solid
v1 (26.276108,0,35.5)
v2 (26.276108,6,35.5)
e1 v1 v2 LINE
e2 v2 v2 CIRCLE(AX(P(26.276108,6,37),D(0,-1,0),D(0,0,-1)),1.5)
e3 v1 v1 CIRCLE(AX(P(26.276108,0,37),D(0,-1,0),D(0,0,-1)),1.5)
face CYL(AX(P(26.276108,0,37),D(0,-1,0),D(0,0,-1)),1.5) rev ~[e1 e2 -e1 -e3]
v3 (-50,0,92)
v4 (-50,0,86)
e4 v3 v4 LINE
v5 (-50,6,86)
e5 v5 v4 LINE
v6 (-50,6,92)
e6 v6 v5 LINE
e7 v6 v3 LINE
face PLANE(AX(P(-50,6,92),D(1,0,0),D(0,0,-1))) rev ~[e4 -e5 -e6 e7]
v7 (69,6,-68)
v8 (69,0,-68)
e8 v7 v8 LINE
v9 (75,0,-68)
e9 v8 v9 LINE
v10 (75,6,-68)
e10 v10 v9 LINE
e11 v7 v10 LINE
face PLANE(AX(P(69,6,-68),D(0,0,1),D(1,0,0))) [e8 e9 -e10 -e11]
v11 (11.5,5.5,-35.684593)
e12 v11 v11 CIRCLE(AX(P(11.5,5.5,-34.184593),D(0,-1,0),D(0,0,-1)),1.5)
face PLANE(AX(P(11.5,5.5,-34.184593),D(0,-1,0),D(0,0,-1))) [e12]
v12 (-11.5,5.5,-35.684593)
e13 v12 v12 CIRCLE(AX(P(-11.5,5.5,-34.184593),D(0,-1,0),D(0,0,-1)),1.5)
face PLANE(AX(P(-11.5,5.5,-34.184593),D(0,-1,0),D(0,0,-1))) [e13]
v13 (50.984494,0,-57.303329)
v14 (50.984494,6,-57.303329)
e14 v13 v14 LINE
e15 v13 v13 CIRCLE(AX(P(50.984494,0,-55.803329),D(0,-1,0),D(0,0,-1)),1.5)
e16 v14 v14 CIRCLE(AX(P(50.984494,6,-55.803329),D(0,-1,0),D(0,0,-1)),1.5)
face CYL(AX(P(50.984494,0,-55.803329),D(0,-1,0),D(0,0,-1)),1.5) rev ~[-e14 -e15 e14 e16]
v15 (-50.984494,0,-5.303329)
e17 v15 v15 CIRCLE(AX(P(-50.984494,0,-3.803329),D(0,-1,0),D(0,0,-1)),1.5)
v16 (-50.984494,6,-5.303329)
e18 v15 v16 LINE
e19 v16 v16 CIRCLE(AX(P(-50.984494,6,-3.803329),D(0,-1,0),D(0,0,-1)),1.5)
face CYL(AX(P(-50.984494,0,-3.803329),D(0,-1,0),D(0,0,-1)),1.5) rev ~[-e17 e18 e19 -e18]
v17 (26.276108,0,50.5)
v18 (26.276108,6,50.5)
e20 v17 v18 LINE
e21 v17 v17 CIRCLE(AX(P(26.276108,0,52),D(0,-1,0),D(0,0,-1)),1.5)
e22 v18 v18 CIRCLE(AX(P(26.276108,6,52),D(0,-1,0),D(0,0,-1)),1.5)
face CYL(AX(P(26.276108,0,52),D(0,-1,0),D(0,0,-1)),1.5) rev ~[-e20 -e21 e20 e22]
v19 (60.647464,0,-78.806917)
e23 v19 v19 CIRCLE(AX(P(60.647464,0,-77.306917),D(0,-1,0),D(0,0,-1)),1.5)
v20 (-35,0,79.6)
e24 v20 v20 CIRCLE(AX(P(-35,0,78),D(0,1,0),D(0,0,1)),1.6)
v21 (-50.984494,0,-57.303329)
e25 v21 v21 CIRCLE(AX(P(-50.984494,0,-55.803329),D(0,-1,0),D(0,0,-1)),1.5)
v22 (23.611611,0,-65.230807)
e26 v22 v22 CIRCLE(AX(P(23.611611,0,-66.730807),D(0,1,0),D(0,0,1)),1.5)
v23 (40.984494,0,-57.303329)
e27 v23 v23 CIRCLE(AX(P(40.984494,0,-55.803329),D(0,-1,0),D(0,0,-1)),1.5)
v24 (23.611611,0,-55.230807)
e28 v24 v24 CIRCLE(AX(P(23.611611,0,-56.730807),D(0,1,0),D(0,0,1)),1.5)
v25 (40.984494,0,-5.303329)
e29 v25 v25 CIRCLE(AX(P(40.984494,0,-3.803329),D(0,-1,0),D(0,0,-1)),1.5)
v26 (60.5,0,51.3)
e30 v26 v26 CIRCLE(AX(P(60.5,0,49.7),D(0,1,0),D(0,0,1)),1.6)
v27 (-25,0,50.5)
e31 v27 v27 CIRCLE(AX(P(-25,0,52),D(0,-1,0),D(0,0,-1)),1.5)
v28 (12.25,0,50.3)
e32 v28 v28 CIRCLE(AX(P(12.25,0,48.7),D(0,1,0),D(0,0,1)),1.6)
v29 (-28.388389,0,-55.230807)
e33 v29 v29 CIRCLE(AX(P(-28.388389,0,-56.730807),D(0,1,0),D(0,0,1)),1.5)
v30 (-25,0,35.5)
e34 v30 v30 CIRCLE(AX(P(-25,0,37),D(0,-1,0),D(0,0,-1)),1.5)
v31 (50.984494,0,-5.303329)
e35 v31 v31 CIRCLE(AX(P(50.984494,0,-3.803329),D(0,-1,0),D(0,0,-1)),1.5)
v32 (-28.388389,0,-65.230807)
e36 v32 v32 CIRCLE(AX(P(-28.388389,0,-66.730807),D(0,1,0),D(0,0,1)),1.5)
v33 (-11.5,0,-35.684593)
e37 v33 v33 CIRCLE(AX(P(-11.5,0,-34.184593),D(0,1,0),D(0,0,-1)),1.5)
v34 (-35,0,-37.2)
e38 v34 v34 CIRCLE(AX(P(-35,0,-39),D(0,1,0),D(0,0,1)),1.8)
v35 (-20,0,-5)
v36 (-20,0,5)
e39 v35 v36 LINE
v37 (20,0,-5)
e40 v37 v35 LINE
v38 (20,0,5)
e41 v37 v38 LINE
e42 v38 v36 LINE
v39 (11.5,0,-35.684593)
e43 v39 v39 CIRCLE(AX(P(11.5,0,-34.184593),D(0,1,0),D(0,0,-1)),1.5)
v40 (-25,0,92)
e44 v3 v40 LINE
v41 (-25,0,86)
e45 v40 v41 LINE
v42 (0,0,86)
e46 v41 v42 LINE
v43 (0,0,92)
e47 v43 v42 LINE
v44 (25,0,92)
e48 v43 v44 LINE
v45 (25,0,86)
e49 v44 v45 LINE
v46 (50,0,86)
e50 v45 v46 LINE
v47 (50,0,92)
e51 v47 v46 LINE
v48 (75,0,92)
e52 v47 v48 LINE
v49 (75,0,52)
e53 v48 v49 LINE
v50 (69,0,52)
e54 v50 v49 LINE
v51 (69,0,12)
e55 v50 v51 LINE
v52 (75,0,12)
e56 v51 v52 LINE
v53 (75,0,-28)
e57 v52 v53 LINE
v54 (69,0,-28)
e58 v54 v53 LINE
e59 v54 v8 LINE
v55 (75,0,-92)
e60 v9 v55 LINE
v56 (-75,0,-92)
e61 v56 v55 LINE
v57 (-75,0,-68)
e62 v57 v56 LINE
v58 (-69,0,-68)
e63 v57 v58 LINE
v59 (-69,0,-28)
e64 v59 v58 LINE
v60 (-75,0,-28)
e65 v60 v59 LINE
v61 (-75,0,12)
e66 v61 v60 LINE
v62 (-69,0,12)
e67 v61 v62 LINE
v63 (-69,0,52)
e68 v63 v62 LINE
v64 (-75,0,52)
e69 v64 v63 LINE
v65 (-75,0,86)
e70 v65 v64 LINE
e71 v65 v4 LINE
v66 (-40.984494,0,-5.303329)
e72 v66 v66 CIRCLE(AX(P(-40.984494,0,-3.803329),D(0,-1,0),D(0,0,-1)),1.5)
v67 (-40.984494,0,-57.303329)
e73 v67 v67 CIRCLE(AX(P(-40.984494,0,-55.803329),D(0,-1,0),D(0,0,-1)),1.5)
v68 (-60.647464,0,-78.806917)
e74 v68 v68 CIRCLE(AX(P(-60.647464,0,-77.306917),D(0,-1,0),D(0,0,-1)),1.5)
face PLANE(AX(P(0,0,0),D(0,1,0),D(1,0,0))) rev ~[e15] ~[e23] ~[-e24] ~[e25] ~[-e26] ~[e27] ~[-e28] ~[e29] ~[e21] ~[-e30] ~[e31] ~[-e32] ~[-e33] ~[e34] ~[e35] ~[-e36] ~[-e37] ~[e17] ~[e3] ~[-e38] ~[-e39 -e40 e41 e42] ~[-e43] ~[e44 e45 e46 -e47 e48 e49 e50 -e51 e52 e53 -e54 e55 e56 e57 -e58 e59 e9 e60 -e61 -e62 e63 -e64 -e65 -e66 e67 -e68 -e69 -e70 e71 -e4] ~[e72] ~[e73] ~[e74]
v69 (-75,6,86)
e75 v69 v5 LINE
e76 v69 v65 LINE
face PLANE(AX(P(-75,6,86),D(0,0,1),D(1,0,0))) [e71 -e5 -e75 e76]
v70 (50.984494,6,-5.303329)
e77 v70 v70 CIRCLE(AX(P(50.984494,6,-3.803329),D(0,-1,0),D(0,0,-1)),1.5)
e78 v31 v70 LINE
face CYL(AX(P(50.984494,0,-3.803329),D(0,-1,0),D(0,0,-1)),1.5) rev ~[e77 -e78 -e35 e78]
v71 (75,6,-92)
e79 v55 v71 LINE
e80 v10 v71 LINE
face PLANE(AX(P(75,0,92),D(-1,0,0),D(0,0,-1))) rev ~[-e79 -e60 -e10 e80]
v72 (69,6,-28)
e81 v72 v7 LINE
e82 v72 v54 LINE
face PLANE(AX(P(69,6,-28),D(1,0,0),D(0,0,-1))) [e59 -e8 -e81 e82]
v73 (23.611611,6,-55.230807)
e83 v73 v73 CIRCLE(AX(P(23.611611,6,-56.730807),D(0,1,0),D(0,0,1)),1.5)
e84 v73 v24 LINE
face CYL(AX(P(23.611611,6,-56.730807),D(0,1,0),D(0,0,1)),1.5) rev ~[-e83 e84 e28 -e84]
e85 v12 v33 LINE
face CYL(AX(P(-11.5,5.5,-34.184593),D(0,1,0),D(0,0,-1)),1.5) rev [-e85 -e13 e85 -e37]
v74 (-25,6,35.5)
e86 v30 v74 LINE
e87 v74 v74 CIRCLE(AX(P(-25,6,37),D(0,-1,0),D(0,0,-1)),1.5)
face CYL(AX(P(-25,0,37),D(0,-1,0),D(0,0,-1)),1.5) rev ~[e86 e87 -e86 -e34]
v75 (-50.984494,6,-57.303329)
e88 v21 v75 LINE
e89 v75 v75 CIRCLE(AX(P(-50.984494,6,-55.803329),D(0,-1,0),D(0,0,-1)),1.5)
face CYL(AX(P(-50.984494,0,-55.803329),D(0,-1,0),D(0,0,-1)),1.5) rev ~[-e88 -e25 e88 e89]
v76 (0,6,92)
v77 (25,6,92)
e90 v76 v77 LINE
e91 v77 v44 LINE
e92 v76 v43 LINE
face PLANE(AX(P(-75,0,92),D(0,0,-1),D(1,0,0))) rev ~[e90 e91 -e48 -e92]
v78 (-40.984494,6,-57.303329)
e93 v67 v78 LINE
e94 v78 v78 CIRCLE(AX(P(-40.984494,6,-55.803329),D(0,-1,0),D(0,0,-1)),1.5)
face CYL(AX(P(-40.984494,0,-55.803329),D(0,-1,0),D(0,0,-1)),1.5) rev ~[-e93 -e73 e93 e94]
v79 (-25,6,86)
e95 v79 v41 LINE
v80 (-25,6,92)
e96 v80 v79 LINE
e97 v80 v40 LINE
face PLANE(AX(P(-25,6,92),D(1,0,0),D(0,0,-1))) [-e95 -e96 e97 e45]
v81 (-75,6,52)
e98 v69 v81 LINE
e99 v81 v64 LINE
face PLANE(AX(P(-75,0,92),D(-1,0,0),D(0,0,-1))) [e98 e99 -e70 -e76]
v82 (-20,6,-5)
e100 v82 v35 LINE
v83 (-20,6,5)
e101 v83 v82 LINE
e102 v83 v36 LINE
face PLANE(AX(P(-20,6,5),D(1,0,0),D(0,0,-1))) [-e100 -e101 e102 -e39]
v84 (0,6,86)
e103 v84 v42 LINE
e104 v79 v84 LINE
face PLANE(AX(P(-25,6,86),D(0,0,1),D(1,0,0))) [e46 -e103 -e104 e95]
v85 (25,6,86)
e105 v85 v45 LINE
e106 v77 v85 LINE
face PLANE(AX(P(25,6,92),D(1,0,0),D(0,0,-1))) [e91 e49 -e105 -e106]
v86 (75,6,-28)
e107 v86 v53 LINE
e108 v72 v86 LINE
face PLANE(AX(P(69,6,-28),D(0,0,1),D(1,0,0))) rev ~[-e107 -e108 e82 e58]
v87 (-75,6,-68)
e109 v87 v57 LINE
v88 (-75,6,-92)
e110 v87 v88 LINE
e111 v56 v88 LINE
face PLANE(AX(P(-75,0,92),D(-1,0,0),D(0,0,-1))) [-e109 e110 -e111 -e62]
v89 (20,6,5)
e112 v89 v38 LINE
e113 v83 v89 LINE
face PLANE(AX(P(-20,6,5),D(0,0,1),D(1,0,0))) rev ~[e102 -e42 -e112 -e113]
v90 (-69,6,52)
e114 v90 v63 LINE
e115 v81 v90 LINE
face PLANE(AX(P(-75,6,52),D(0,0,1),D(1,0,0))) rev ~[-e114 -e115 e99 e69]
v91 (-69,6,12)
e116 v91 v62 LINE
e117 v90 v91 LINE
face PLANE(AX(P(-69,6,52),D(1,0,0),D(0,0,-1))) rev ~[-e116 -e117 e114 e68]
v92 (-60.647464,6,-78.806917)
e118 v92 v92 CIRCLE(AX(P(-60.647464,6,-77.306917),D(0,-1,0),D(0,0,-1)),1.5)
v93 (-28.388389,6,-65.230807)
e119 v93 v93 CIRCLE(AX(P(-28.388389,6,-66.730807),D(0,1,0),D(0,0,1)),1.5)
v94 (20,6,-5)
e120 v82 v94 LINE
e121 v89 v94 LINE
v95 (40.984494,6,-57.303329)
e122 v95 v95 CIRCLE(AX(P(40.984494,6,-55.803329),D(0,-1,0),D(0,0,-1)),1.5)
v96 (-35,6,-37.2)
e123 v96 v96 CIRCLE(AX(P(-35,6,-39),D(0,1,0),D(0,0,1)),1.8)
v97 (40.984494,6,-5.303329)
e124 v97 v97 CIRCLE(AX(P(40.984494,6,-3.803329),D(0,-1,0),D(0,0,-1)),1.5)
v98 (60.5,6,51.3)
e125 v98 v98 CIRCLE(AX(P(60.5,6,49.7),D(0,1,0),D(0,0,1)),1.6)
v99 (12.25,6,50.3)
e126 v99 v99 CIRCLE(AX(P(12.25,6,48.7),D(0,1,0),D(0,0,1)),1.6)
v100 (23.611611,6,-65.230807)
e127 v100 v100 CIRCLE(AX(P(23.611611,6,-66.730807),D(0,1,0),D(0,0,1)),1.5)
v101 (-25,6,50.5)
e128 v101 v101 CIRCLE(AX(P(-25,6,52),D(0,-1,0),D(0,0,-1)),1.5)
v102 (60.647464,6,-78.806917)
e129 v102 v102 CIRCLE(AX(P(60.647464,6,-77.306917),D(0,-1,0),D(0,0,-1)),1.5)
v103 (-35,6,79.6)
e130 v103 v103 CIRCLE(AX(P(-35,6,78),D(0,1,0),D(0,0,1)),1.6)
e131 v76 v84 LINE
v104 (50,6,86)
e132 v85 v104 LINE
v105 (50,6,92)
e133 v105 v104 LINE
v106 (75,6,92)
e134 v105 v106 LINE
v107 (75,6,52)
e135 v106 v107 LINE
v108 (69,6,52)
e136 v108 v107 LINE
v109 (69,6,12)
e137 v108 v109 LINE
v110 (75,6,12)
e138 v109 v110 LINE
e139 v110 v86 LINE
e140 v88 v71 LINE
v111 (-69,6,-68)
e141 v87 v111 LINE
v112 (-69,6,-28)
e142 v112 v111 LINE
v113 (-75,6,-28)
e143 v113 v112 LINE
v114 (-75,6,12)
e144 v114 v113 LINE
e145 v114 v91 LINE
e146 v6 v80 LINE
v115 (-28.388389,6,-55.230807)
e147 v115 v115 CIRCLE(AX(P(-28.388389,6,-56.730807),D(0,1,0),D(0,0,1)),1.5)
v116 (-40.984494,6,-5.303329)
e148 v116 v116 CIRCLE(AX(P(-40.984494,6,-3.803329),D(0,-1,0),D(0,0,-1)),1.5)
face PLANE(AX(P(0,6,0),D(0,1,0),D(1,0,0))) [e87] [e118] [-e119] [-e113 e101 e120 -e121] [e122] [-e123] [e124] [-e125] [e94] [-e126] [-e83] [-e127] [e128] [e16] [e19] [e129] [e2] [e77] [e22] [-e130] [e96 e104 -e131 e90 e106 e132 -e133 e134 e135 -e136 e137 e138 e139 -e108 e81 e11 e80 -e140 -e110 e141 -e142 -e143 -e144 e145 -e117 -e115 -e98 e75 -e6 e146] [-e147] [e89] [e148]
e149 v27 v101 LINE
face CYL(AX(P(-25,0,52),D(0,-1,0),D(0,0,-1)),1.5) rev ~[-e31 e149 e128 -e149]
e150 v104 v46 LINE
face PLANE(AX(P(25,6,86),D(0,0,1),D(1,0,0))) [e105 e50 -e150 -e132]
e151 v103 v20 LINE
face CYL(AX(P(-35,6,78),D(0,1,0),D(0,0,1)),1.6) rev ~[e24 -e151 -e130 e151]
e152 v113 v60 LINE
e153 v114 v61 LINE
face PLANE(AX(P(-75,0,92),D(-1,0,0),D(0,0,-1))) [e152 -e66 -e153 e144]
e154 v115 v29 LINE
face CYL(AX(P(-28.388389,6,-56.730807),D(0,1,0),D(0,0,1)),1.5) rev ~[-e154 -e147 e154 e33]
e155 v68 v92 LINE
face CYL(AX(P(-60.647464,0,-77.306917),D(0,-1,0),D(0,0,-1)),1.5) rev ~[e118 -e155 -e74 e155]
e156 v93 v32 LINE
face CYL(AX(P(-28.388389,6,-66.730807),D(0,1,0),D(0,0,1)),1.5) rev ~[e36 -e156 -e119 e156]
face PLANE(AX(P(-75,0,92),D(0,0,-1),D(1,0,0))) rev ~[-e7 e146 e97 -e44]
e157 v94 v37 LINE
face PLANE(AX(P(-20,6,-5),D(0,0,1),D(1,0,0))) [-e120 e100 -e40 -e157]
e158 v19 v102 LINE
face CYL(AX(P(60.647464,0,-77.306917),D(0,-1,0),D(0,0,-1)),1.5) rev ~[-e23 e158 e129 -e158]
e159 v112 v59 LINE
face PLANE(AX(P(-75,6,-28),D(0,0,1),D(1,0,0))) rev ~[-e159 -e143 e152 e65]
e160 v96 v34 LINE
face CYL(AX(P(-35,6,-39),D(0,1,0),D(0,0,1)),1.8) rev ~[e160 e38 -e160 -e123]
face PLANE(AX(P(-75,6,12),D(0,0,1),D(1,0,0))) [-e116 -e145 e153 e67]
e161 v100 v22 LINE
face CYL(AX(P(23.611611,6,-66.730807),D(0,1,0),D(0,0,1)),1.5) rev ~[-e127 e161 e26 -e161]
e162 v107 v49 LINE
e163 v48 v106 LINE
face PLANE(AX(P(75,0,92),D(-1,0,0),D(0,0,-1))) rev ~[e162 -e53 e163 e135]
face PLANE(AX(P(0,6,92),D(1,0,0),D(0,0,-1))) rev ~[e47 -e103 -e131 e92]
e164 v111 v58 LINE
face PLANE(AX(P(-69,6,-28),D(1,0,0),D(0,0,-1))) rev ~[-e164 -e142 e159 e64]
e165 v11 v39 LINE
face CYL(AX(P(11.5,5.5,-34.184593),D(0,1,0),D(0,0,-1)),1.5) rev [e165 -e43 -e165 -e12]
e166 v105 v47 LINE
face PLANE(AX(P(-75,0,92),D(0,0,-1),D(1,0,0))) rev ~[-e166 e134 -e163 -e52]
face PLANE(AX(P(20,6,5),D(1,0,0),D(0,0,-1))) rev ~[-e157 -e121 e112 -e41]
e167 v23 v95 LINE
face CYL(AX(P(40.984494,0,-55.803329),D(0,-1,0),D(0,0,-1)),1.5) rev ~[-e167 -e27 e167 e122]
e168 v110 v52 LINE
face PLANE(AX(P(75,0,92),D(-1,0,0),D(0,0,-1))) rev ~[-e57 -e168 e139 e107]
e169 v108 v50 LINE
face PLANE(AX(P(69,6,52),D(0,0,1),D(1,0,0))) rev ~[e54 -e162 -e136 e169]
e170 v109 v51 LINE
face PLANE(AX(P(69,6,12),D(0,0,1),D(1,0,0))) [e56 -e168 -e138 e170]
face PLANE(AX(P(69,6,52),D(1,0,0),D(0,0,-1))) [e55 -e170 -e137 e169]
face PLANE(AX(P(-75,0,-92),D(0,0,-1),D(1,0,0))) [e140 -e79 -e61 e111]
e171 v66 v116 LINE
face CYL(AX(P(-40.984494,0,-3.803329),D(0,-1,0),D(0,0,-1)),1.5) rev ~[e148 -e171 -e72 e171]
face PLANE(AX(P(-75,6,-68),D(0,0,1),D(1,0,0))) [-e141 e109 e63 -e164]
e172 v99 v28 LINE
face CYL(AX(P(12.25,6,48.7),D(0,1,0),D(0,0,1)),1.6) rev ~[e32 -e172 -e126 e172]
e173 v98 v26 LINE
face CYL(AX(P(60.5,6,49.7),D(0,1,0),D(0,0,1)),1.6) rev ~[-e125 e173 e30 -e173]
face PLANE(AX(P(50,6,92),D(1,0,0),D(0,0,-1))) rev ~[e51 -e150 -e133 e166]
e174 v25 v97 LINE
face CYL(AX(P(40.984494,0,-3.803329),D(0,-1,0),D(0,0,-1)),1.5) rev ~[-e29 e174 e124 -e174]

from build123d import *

# Parameters (mm, degrees)
SKETCH1_W                = 150
SKETCH1_H                = 184
BOSS_EXTRUDE1_DEPTH      = 6
SKETCH2_W                = 6
SKETCH2_H                = 40
CUT_EXTRUDE1_DEPTH       = 6
SKETCH11_W               = 25
SKETCH11_H               = 6
CUT_EXTRUDE10_DEPTH      = 6
CUT_EXTRUDE11_REACH      = 120.849
SKETCH12_R               = 1.6
CUT_EXTRUDE12_REACH      = 120.849
SKETCH13_R               = 1.8
CUT_EXTRUDE13_REACH      = 120.849
SKETCH14_R               = 1.6
CUT_EXTRUDE14_REACH      = 120.849
SKETCH15_W               = 40
SKETCH15_H               = 10
SKETCH16_R               = 1.5
CUT_EXTRUDE15_DEPTH      = 6
SKETCH17_R               = 1.5
CUT_EXTRUDE16_DEPTH      = 6
CUT_EXTRUDE17_DEPTH      = 119.966381806
CUT_EXTRUDE17_DEPTH_BACK = 7.5
SKETCH18_R               = 1.5


with BuildPart() as part:
    # Sketch1 → Boss-Extrude1 (new body)
    with BuildSketch(Plane(origin=(0, 0, 0), x_dir=(1, 0, 0), z_dir=(0, 1, 0))):
        Rectangle(SKETCH1_W, SKETCH1_H)
    extrude(amount=BOSS_EXTRUDE1_DEPTH)

    # Sketch2 → Cut-Extrude1 (cut)
    with BuildSketch(Plane(origin=(0, 6, 0), x_dir=(1, 0, 0), z_dir=(0, 1, 0))):
        with Locations((-72, 48)):
            Rectangle(SKETCH2_W, SKETCH2_H)
        with Locations((72, 48)):
            Rectangle(SKETCH2_W, SKETCH2_H)
        with Locations((72, -32)):
            Rectangle(SKETCH2_W, SKETCH2_H)
        with Locations((-72, -32)):
            Rectangle(SKETCH2_W, SKETCH2_H)
    extrude(amount=-CUT_EXTRUDE1_DEPTH, mode=Mode.SUBTRACT)

    # Sketch11 → Cut-Extrude10 (cut)
    with BuildSketch(Plane(origin=(0, 6, 0), x_dir=(1, 0, 0), z_dir=(0, 1, 0))):
        with Locations((-12.5, -89)):
            Rectangle(SKETCH11_W, SKETCH11_H)
        with Locations((-62.5, -89)):
            Rectangle(SKETCH11_W, SKETCH11_H)
        with Locations((37.5, -89)):
            Rectangle(SKETCH11_W, SKETCH11_H)
    extrude(amount=-CUT_EXTRUDE10_DEPTH, mode=Mode.SUBTRACT)

    # Sketch12 → Cut-Extrude11 (cut, up to next)
    with BuildSketch(Plane(origin=(0, 6, 0), x_dir=(1, 0, 0), z_dir=(0, 1, 0)), mode=Mode.PRIVATE) as cut_extrude11_sk1:
        with Locations(Location((-35, -78, 0), (0, 0, 270))):
            Circle(SKETCH12_R)
    cut_extrude11_tool1 = extrude(cut_extrude11_sk1.sketch, amount=-CUT_EXTRUDE11_REACH, mode=Mode.PRIVATE) & part.part
    add(cut_extrude11_tool1.solids().sort_by_distance((-35, 6, 78))[0], mode=Mode.SUBTRACT)

    # Sketch13 → Cut-Extrude12 (cut, up to next)
    with BuildSketch(Plane(origin=(0, 6, 0), x_dir=(1, 0, 0), z_dir=(0, 1, 0)), mode=Mode.PRIVATE) as cut_extrude12_sk1:
        with Locations(Location((-35, 39, 0), (0, 0, 270))):
            Circle(SKETCH13_R)
    cut_extrude12_tool1 = extrude(cut_extrude12_sk1.sketch, amount=-CUT_EXTRUDE12_REACH, mode=Mode.PRIVATE) & part.part
    add(cut_extrude12_tool1.solids().sort_by_distance((-35, 6, -39))[0], mode=Mode.SUBTRACT)

    # Sketch14 → Cut-Extrude13 (cut, up to next)
    with BuildSketch(Plane(origin=(0, 6, 0), x_dir=(1, 0, 0), z_dir=(0, 1, 0)), mode=Mode.PRIVATE) as cut_extrude13_sk1:
        with Locations(Location((12.25, -48.7, 0), (0, 0, 270))):
            Circle(SKETCH14_R)
    cut_extrude13_tool1 = extrude(cut_extrude13_sk1.sketch, amount=-CUT_EXTRUDE13_REACH, mode=Mode.PRIVATE) & part.part
    # Sketch14 → Cut-Extrude13 (cut, up to next)
    with BuildSketch(Plane(origin=(0, 6, 0), x_dir=(1, 0, 0), z_dir=(0, 1, 0)), mode=Mode.PRIVATE) as cut_extrude13_sk2:
        with Locations(Location((60.5, -49.7, 0), (0, 0, 270))):
            Circle(SKETCH14_R)
    cut_extrude13_tool2 = extrude(cut_extrude13_sk2.sketch, amount=-CUT_EXTRUDE13_REACH, mode=Mode.PRIVATE) & part.part
    add(cut_extrude13_tool1.solids().sort_by_distance((12.25, 6, 48.7))[0], mode=Mode.SUBTRACT)
    add(cut_extrude13_tool2.solids().sort_by_distance((60.5, 6, 49.7))[0], mode=Mode.SUBTRACT)

    # Sketch15 → Cut-Extrude14 (cut, up to next)
    with BuildSketch(Plane(origin=(0, 6, 0), x_dir=(1, 0, 0), z_dir=(0, 1, 0)), mode=Mode.PRIVATE) as cut_extrude14_sk1:
        Rectangle(SKETCH15_W, SKETCH15_H)
    cut_extrude14_tool1 = extrude(cut_extrude14_sk1.sketch, amount=-CUT_EXTRUDE14_REACH, mode=Mode.PRIVATE) & part.part
    add(cut_extrude14_tool1.solids().sort_by_distance((0, 6, 0))[0], mode=Mode.SUBTRACT)

    # Sketch16 → Cut-Extrude15 (cut)
    with BuildSketch(Plane.XZ):
        with Locations(Location((60.647463996, -77.306917024, 0), (0, 0, 270))):
            Circle(SKETCH16_R)
        with Locations(Location((50.984493528, -55.803329236, 0), (0, 0, 270))):
            Circle(SKETCH16_R)
        with Locations(Location((40.984493528, -55.803329236, 0), (0, 0, 270))):
            Circle(SKETCH16_R)
        with Locations(Location((50.984493528, -3.803329236, 0), (0, 0, 270))):
            Circle(SKETCH16_R)
        with Locations(Location((40.984493528, -3.803329236, 0), (0, 0, 270))):
            Circle(SKETCH16_R)
        with Locations(Location((26.276108361, 37, 0), (0, 0, 270))):
            Circle(SKETCH16_R)
        with Locations(Location((26.276108361, 52, 0), (0, 0, 270))):
            Circle(SKETCH16_R)
        with Locations(Location((-25, 52, 0), (0, 0, 270))):
            Circle(SKETCH16_R)
        with Locations(Location((-25, 37, 0), (0, 0, 270))):
            Circle(SKETCH16_R)
        with Locations(Location((-40.984493528, -3.803329236, 0), (0, 0, 270))):
            Circle(SKETCH16_R)
        with Locations(Location((-50.984493528, -3.803329236, 0), (0, 0, 270))):
            Circle(SKETCH16_R)
        with Locations(Location((-40.984493528, -55.803329236, 0), (0, 0, 270))):
            Circle(SKETCH16_R)
        with Locations(Location((-50.984493528, -55.803329236, 0), (0, 0, 270))):
            Circle(SKETCH16_R)
        with Locations(Location((-60.647463996, -77.306917024, 0), (0, 0, 270))):
            Circle(SKETCH16_R)
    extrude(amount=-CUT_EXTRUDE15_DEPTH, mode=Mode.SUBTRACT)

    # Sketch17 → Cut-Extrude16 (cut)
    with BuildSketch(Plane(origin=(0, 6, 0), x_dir=(1, 0, 0), z_dir=(0, 1, 0))):
        with Locations(Location((-28.38838906, 66.73080713, 0), (0, 0, 270))):
            Circle(SKETCH17_R)
        with Locations(Location((-28.38838906, 56.73080713, 0), (0, 0, 270))):
            Circle(SKETCH17_R)
        with Locations(Location((23.61161094, 56.73080713, 0), (0, 0, 270))):
            Circle(SKETCH17_R)
        with Locations(Location((23.61161094, 66.73080713, 0), (0, 0, 270))):
            Circle(SKETCH17_R)
    extrude(amount=-CUT_EXTRUDE16_DEPTH, mode=Mode.SUBTRACT)

    # Sketch18 → Cut-Extrude17 (cut, two sides: drawn at the far end of the back side and taken through both)
    with BuildSketch(Plane(origin=(0, -2, 0), x_dir=(-1, 0, 0), z_dir=(0, -1, 0)).offset(-CUT_EXTRUDE17_DEPTH_BACK)):
        with Locations(Location((11.5, 34.184592899, 0), (0, 0, 90))):
            Circle(SKETCH18_R)
        with Locations(Location((-11.5, 34.184592899, 0), (0, 0, 90))):
            Circle(SKETCH18_R)
    extrude(amount=CUT_EXTRUDE17_DEPTH + CUT_EXTRUDE17_DEPTH_BACK, mode=Mode.SUBTRACT)


solid = part.part
